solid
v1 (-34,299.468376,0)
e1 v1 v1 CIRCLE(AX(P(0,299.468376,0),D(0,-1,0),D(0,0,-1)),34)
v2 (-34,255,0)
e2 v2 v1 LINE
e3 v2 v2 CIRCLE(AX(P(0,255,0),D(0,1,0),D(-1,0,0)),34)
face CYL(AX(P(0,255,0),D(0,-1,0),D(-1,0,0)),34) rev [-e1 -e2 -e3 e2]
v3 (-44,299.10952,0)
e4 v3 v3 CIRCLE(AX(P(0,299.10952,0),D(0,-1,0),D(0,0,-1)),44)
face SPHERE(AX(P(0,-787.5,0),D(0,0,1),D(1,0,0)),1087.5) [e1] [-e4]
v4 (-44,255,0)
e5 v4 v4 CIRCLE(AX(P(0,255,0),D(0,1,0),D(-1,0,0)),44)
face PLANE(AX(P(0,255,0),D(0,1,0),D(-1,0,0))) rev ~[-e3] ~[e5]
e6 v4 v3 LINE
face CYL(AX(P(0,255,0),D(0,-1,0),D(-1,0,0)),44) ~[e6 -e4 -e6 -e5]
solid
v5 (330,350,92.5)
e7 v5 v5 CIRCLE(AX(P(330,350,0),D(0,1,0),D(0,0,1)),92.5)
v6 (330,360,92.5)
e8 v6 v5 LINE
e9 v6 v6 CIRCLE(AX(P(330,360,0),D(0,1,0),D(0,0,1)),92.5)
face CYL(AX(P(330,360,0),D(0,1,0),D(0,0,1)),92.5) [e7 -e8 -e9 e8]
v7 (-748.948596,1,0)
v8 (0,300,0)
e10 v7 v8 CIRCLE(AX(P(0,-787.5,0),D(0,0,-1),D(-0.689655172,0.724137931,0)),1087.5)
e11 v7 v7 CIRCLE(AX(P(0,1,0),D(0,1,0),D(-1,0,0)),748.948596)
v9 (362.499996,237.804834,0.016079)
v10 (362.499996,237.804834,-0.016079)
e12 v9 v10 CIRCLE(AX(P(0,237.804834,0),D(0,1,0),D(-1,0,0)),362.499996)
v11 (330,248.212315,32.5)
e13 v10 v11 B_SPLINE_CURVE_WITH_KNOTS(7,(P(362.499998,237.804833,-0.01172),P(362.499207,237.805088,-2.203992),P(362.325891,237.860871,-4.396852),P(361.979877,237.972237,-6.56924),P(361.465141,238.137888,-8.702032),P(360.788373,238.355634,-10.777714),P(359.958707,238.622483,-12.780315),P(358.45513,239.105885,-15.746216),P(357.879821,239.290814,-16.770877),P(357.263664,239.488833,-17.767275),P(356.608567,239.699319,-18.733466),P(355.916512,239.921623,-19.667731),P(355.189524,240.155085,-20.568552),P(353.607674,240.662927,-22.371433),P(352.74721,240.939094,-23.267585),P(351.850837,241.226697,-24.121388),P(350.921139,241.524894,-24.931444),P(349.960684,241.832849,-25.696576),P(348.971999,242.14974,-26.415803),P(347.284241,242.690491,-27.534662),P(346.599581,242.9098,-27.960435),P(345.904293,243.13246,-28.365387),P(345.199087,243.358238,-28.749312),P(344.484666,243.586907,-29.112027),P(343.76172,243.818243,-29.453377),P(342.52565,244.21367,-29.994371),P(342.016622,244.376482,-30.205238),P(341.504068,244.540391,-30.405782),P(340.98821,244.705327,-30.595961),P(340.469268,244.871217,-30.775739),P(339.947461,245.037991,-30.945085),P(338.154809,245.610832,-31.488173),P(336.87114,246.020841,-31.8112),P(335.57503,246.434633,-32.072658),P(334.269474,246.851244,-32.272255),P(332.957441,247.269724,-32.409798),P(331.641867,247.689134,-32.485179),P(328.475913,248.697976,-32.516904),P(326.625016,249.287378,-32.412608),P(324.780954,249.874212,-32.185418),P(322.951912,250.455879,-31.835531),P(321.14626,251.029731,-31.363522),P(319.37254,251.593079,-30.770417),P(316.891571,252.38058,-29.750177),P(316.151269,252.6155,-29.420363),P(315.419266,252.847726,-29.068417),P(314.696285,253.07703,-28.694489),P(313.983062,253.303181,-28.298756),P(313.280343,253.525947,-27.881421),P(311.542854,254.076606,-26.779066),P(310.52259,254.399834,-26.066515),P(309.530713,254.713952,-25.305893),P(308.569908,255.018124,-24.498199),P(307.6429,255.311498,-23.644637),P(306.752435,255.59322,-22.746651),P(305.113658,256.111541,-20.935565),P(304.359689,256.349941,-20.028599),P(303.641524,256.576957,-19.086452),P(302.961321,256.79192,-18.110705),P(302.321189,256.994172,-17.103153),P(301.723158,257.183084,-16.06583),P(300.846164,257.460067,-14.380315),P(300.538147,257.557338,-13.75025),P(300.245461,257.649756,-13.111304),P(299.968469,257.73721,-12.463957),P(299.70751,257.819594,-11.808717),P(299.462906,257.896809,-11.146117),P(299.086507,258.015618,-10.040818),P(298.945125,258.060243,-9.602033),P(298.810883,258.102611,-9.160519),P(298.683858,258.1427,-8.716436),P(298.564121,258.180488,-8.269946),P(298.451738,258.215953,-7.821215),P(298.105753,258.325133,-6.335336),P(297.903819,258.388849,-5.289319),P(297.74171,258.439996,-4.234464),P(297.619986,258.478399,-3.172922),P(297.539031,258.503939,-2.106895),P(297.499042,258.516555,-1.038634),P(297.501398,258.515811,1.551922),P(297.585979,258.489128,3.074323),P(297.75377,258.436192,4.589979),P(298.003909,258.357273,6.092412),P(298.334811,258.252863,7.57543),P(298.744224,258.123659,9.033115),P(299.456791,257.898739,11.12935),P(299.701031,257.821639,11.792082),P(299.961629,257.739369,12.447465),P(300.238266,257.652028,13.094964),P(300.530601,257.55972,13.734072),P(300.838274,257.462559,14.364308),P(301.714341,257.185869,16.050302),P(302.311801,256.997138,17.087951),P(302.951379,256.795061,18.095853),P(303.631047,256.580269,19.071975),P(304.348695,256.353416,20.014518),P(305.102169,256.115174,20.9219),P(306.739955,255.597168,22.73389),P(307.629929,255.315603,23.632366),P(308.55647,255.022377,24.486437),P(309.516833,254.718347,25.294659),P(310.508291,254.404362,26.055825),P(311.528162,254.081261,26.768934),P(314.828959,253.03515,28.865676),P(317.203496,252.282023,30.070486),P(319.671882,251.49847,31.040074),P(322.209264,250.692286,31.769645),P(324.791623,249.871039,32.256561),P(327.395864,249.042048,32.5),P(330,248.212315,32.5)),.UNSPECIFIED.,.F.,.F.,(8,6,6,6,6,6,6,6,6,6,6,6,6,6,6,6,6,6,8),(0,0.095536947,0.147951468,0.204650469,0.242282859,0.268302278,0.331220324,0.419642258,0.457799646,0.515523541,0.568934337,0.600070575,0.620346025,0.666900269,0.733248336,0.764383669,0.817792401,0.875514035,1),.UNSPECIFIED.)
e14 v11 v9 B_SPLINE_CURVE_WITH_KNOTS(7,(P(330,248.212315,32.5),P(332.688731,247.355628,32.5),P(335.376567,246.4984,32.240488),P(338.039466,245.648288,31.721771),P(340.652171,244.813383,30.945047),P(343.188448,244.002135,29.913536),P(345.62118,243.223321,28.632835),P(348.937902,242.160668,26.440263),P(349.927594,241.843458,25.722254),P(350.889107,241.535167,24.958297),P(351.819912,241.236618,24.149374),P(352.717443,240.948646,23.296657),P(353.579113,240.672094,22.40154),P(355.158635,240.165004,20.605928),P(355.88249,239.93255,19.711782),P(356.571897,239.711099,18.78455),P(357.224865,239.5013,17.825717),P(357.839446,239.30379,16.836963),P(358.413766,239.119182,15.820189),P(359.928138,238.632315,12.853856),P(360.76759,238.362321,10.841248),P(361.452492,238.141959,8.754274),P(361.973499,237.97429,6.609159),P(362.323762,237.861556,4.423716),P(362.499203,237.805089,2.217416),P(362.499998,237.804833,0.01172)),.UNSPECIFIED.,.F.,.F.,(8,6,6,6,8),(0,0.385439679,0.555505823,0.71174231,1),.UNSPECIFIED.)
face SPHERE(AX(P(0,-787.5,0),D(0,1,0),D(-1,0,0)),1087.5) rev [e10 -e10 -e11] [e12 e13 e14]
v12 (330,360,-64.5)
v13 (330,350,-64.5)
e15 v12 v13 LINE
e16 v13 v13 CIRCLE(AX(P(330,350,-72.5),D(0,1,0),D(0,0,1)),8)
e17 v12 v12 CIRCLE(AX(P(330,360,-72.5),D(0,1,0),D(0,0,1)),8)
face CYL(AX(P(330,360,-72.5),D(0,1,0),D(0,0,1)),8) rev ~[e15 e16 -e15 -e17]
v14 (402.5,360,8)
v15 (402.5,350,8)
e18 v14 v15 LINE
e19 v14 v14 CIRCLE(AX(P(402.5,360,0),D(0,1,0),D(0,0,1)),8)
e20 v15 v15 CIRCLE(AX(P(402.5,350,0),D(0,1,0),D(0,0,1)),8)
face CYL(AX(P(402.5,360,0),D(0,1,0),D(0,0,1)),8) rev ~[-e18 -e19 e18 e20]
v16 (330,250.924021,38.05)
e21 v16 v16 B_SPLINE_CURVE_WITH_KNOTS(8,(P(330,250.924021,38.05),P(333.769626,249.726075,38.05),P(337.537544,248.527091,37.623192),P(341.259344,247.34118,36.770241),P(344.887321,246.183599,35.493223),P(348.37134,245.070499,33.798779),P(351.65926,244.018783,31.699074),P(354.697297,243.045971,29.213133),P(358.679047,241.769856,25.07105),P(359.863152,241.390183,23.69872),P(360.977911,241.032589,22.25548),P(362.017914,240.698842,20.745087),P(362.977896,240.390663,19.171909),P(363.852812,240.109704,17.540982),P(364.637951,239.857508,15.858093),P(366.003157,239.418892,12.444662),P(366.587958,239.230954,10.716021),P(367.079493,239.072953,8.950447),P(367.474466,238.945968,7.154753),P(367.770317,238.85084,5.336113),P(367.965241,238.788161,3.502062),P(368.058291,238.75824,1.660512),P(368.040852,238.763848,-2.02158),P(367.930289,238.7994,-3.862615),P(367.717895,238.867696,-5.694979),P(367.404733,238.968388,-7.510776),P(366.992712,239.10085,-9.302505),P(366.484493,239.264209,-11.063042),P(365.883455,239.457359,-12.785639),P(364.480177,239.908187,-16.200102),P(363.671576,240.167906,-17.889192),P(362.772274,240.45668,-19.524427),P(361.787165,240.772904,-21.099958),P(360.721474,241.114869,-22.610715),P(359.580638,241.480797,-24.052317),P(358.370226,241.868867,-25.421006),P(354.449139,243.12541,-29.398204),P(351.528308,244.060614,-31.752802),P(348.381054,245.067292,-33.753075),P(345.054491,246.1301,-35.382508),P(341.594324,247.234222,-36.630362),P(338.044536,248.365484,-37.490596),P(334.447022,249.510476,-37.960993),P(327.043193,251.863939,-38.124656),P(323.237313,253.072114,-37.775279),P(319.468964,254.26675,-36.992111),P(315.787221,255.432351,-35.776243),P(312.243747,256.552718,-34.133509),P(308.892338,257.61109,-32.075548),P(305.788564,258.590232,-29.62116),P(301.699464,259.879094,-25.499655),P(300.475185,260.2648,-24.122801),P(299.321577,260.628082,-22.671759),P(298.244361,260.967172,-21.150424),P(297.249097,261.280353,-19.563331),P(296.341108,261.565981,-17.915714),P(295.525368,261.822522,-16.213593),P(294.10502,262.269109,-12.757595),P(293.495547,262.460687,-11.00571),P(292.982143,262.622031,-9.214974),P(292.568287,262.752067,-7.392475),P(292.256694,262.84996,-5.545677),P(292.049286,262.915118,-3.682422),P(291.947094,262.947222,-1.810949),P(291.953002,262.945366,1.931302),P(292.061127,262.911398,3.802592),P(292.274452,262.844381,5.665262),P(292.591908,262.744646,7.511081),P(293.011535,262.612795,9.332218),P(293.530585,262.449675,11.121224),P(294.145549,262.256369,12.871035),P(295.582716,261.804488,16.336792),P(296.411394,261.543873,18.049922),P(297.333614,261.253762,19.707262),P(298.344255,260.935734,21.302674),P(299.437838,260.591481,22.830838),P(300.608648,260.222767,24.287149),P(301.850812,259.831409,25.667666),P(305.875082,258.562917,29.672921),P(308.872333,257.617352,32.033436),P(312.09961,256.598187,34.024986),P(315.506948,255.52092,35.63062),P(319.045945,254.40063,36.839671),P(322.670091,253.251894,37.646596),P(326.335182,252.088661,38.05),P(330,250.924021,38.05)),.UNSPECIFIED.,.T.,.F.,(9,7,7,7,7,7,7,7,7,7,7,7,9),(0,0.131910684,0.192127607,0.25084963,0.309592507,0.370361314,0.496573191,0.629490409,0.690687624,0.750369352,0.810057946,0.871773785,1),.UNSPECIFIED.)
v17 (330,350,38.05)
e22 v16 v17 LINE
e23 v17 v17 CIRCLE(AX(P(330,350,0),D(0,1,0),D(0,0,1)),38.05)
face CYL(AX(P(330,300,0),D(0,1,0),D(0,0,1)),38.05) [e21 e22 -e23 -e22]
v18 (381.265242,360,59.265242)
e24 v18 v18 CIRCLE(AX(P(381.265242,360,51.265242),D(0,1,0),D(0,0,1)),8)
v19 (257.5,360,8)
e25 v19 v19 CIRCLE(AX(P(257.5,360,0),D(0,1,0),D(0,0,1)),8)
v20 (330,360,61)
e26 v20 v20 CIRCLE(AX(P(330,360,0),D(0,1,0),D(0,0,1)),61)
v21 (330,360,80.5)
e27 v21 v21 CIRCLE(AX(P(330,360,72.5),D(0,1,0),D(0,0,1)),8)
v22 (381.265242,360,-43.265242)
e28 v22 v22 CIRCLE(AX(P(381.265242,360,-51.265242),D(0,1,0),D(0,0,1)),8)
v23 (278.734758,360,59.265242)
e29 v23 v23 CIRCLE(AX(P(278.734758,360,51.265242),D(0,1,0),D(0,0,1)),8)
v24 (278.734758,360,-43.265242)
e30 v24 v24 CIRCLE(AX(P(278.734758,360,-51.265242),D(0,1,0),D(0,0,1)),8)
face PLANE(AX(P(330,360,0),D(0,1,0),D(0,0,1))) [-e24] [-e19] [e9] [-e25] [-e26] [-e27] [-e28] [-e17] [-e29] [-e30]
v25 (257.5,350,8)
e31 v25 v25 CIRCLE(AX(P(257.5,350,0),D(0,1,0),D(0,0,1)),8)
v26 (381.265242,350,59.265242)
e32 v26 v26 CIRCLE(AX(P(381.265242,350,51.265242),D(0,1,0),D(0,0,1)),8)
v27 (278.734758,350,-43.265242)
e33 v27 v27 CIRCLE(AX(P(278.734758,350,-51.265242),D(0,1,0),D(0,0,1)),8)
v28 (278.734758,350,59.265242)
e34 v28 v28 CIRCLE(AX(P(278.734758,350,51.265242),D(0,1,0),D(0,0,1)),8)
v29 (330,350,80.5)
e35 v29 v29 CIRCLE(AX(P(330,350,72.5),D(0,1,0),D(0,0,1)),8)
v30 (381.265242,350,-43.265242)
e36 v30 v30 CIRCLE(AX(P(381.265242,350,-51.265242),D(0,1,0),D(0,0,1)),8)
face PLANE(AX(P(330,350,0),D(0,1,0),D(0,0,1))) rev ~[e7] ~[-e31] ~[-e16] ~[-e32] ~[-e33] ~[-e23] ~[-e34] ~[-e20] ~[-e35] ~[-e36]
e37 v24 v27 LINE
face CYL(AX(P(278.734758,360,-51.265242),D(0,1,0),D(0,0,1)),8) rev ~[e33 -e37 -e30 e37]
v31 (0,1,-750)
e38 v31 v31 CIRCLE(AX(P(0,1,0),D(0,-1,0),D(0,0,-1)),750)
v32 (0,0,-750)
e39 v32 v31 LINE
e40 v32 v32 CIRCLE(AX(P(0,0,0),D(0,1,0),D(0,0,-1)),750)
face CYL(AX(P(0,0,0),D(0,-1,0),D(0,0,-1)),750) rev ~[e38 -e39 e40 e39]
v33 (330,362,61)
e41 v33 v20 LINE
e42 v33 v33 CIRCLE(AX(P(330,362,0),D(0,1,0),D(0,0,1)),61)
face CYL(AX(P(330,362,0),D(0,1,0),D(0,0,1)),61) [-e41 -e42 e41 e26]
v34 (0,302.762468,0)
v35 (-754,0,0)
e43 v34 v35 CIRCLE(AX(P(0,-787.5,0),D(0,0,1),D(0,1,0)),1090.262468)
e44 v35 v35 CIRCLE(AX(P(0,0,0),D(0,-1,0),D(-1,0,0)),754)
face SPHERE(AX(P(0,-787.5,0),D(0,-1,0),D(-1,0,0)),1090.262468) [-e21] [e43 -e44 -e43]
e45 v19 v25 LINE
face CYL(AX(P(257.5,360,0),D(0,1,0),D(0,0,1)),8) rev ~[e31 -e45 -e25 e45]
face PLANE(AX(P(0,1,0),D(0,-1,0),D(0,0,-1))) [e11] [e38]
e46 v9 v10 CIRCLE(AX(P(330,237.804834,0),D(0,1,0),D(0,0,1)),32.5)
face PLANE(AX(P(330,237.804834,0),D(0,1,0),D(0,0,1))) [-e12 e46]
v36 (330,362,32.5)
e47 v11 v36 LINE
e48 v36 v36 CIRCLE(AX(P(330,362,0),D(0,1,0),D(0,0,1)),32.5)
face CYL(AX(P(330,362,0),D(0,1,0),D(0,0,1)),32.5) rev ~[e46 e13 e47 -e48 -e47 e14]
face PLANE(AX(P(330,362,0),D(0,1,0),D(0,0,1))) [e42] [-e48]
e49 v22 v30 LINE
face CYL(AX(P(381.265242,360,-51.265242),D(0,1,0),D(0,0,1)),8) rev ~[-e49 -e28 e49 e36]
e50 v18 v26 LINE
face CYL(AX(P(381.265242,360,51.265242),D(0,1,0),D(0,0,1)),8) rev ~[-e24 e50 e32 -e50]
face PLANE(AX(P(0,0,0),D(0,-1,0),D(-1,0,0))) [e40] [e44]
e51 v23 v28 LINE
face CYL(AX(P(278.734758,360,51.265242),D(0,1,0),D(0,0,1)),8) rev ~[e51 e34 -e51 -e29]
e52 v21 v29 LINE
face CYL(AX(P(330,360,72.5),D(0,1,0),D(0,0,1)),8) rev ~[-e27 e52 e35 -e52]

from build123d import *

# Parameters (mm, degrees)
IZIM4_R                                 = 750
KES_EKSTR_ZYON1_DEPTH                   = 1
Y_KSEKLIK_EKSTR_ZYON4_REACH             = 1098.384
Y_KSEKLIK_EKSTR_ZYON4_END_RADIUS        = 1087.5
IZIM5_R                                 = 44
IZIM5_R_2                               = 34
IZIM7_R                                 = 38.05
IZIM7_R_2                               = 32.5
Y_KSEKLIK_EKSTR_ZYON6_DEPTH             = 50
Y_KSEKLIK_EKSTR_ZYON6_DIRECTION_2_REACH = 1109.715
KES_EKSTR_ZYON3_START                   = -112.195166
IZIM8_R                                 = 32.5
KES_EKSTR_ZYON3_DEPTH                   = 23.583149
Y_KSEKLIK_EKSTR_ZYON7_START             = 10
IZIM9_R                                 = 92.5
IZIM9_R_2                               = 32.5
Y_KSEKLIK_EKSTR_ZYON7_DEPTH             = 10
Y_KSEKLIK_EKSTR_ZYON8_START             = 2
IZIM10_R                                = 61
IZIM10_R_2                              = 32.5
Y_KSEKLIK_EKSTR_ZYON8_DEPTH             = 2
IZIM13_R                                = 8
KES_EKSTR_ZYON4_DEPTH                   = 20


with BuildPart() as part:
    # Çizim1 → Döndür1 (revolve)
    with BuildSketch(Plane.XY):
        with BuildLine():
            Line((-754, 0), (-750, 0))
            ThreePointArc((-750, 0), (-403.887360535, 222.218401338), (0, 300))
            Line((0, 300), (0, 302.762468399))
            ThreePointArc((0, 302.762468399), (-406.257649858, 224.244519102), (-754, 0))
        make_face()
    revolve(axis=Axis((0, 399.218535943, 0), (0, -1, 0)))

    # Çizim4 → Kes-Ekstrüzyon1 (cut)
    with BuildSketch(Plane.XZ):
        with Locations(Location((0, 0, 0), (0, 0, 270))):
            Circle(IZIM4_R)
    extrude(amount=-KES_EKSTR_ZYON1_DEPTH, mode=Mode.SUBTRACT)

    # Çizim7 → Yükseklik-Ekstrüzyon6 (add)
    with BuildSketch(Plane(origin=(0, 300, 0), x_dir=(1, 0, 0), z_dir=(0, 1, 0))):
        with Locations(Location((330, 0, 0), (0, 0, 270))):
            Circle(IZIM7_R)
        with Locations(Location((330, 0, 0), (0, 0, 270))):
            Circle(IZIM7_R_2, mode=Mode.SUBTRACT)
    extrude(amount=Y_KSEKLIK_EKSTR_ZYON6_DEPTH)

    # Çizim7 → Yükseklik-Ekstrüzyon6 direction 2 (add, up to next)
    with BuildSketch(Plane(origin=(0, 300, 0), x_dir=(1, 0, 0), z_dir=(0, 1, 0)), mode=Mode.PRIVATE) as y_kseklik_ekstr_zyon6_direction_2_sk1:
        with Locations(Location((330, 0, 0), (0, 0, 270))):
            Circle(IZIM7_R)
        with Locations(Location((330, 0, 0), (0, 0, 270))):
            Circle(IZIM7_R_2, mode=Mode.SUBTRACT)
    y_kseklik_ekstr_zyon6_direction_2_tool1 = extrude(y_kseklik_ekstr_zyon6_direction_2_sk1.sketch, amount=-Y_KSEKLIK_EKSTR_ZYON6_DIRECTION_2_REACH, mode=Mode.PRIVATE) - part.part
    add(y_kseklik_ekstr_zyon6_direction_2_tool1.solids().sort_by_distance((330, 300, -36.973783))[0])

    # Çizim8 → Kes-Ekstrüzyon3 (cut)
    with BuildSketch(Plane(origin=(0, 350, 0), x_dir=(1, 0, 0), z_dir=(0, 1, 0)).offset(KES_EKSTR_ZYON3_START)):
        with Locations(Location((330, 0, 0), (0, 0, 270))):
            Circle(IZIM8_R)
    extrude(amount=KES_EKSTR_ZYON3_DEPTH, mode=Mode.SUBTRACT)

    # Çizim9 → Yükseklik-Ekstrüzyon7 (add)
    with BuildSketch(Plane(origin=(0, 350, 0), x_dir=(1, 0, 0), z_dir=(0, 1, 0)).offset(Y_KSEKLIK_EKSTR_ZYON7_START)):
        with Locations(Location((330, 0, 0), (0, 0, 270))):
            Circle(IZIM9_R)
        with Locations(Location((330, 0, 0), (0, 0, 270))):
            Circle(IZIM9_R_2, mode=Mode.SUBTRACT)
    extrude(amount=-Y_KSEKLIK_EKSTR_ZYON7_DEPTH)

    # Çizim10 → Yükseklik-Ekstrüzyon8 (add)
    with BuildSketch(Plane(origin=(0, 360, 0), x_dir=(1, 0, 0), z_dir=(0, 1, 0)).offset(Y_KSEKLIK_EKSTR_ZYON8_START)):
        with Locations(Location((330, 0, 0), (0, 0, 270))):
            Circle(IZIM10_R)
        with Locations(Location((330, 0, 0), (0, 0, 270))):
            Circle(IZIM10_R_2, mode=Mode.SUBTRACT)
    extrude(amount=-Y_KSEKLIK_EKSTR_ZYON8_DEPTH)

    # Çizim13 → Kes-Ekstrüzyon4 (cut)
    with BuildSketch(Plane(origin=(0, 360, 0), x_dir=(1, 0, 0), z_dir=(0, 1, 0))):
        with Locations(Location((257.5, 0, 0), (0, 0, 270))):
            Circle(IZIM13_R)
        with Locations(Location((278.734758364, 51.265241636, 0), (0, 0, 270))):
            Circle(IZIM13_R)
        with Locations(Location((330, 72.5, 0), (0, 0, 270))):
            Circle(IZIM13_R)
        with Locations(Location((381.265241636, 51.265241636, 0), (0, 0, 270))):
            Circle(IZIM13_R)
        with Locations(Location((402.5, 0, 0), (0, 0, 270))):
            Circle(IZIM13_R)
        with Locations(Location((381.265241636, -51.265241636, 0), (0, 0, 270))):
            Circle(IZIM13_R)
        with Locations(Location((330, -72.5, 0), (0, 0, 270))):
            Circle(IZIM13_R)
        with Locations(Location((278.734758364, -51.265241636, 0), (0, 0, 270))):
            Circle(IZIM13_R)
    extrude(amount=-KES_EKSTR_ZYON4_DEPTH, mode=Mode.SUBTRACT)


with BuildPart() as body_2:
    # Yükseklik-Ekstrüzyon4: up to this sphere (the profile starts inside it)
    y_kseklik_ekstr_zyon4_end = Location((0, -787.5, 0)) * Sphere(Y_KSEKLIK_EKSTR_ZYON4_END_RADIUS, mode=Mode.PRIVATE)
    # Çizim5 → Yükseklik-Ekstrüzyon4 (new, up to the surface)
    with BuildSketch(Plane(origin=(0, 255, 0), x_dir=(1, 0, 0), z_dir=(0, 1, 0)), mode=Mode.PRIVATE) as y_kseklik_ekstr_zyon4_sk1:
        with Locations(Location((0, 0, 0), (0, 0, 180))):
            Circle(IZIM5_R)
        with Locations(Location((0, 0, 0), (0, 0, 180))):
            Circle(IZIM5_R_2, mode=Mode.SUBTRACT)
    y_kseklik_ekstr_zyon4_tool1 = extrude(y_kseklik_ekstr_zyon4_sk1.sketch, amount=Y_KSEKLIK_EKSTR_ZYON4_REACH, mode=Mode.PRIVATE) & y_kseklik_ekstr_zyon4_end
    add(y_kseklik_ekstr_zyon4_tool1.solids().sort_by_distance((42.755492, 255, 0))[0])


solid = Compound([part.part, body_2.part])
